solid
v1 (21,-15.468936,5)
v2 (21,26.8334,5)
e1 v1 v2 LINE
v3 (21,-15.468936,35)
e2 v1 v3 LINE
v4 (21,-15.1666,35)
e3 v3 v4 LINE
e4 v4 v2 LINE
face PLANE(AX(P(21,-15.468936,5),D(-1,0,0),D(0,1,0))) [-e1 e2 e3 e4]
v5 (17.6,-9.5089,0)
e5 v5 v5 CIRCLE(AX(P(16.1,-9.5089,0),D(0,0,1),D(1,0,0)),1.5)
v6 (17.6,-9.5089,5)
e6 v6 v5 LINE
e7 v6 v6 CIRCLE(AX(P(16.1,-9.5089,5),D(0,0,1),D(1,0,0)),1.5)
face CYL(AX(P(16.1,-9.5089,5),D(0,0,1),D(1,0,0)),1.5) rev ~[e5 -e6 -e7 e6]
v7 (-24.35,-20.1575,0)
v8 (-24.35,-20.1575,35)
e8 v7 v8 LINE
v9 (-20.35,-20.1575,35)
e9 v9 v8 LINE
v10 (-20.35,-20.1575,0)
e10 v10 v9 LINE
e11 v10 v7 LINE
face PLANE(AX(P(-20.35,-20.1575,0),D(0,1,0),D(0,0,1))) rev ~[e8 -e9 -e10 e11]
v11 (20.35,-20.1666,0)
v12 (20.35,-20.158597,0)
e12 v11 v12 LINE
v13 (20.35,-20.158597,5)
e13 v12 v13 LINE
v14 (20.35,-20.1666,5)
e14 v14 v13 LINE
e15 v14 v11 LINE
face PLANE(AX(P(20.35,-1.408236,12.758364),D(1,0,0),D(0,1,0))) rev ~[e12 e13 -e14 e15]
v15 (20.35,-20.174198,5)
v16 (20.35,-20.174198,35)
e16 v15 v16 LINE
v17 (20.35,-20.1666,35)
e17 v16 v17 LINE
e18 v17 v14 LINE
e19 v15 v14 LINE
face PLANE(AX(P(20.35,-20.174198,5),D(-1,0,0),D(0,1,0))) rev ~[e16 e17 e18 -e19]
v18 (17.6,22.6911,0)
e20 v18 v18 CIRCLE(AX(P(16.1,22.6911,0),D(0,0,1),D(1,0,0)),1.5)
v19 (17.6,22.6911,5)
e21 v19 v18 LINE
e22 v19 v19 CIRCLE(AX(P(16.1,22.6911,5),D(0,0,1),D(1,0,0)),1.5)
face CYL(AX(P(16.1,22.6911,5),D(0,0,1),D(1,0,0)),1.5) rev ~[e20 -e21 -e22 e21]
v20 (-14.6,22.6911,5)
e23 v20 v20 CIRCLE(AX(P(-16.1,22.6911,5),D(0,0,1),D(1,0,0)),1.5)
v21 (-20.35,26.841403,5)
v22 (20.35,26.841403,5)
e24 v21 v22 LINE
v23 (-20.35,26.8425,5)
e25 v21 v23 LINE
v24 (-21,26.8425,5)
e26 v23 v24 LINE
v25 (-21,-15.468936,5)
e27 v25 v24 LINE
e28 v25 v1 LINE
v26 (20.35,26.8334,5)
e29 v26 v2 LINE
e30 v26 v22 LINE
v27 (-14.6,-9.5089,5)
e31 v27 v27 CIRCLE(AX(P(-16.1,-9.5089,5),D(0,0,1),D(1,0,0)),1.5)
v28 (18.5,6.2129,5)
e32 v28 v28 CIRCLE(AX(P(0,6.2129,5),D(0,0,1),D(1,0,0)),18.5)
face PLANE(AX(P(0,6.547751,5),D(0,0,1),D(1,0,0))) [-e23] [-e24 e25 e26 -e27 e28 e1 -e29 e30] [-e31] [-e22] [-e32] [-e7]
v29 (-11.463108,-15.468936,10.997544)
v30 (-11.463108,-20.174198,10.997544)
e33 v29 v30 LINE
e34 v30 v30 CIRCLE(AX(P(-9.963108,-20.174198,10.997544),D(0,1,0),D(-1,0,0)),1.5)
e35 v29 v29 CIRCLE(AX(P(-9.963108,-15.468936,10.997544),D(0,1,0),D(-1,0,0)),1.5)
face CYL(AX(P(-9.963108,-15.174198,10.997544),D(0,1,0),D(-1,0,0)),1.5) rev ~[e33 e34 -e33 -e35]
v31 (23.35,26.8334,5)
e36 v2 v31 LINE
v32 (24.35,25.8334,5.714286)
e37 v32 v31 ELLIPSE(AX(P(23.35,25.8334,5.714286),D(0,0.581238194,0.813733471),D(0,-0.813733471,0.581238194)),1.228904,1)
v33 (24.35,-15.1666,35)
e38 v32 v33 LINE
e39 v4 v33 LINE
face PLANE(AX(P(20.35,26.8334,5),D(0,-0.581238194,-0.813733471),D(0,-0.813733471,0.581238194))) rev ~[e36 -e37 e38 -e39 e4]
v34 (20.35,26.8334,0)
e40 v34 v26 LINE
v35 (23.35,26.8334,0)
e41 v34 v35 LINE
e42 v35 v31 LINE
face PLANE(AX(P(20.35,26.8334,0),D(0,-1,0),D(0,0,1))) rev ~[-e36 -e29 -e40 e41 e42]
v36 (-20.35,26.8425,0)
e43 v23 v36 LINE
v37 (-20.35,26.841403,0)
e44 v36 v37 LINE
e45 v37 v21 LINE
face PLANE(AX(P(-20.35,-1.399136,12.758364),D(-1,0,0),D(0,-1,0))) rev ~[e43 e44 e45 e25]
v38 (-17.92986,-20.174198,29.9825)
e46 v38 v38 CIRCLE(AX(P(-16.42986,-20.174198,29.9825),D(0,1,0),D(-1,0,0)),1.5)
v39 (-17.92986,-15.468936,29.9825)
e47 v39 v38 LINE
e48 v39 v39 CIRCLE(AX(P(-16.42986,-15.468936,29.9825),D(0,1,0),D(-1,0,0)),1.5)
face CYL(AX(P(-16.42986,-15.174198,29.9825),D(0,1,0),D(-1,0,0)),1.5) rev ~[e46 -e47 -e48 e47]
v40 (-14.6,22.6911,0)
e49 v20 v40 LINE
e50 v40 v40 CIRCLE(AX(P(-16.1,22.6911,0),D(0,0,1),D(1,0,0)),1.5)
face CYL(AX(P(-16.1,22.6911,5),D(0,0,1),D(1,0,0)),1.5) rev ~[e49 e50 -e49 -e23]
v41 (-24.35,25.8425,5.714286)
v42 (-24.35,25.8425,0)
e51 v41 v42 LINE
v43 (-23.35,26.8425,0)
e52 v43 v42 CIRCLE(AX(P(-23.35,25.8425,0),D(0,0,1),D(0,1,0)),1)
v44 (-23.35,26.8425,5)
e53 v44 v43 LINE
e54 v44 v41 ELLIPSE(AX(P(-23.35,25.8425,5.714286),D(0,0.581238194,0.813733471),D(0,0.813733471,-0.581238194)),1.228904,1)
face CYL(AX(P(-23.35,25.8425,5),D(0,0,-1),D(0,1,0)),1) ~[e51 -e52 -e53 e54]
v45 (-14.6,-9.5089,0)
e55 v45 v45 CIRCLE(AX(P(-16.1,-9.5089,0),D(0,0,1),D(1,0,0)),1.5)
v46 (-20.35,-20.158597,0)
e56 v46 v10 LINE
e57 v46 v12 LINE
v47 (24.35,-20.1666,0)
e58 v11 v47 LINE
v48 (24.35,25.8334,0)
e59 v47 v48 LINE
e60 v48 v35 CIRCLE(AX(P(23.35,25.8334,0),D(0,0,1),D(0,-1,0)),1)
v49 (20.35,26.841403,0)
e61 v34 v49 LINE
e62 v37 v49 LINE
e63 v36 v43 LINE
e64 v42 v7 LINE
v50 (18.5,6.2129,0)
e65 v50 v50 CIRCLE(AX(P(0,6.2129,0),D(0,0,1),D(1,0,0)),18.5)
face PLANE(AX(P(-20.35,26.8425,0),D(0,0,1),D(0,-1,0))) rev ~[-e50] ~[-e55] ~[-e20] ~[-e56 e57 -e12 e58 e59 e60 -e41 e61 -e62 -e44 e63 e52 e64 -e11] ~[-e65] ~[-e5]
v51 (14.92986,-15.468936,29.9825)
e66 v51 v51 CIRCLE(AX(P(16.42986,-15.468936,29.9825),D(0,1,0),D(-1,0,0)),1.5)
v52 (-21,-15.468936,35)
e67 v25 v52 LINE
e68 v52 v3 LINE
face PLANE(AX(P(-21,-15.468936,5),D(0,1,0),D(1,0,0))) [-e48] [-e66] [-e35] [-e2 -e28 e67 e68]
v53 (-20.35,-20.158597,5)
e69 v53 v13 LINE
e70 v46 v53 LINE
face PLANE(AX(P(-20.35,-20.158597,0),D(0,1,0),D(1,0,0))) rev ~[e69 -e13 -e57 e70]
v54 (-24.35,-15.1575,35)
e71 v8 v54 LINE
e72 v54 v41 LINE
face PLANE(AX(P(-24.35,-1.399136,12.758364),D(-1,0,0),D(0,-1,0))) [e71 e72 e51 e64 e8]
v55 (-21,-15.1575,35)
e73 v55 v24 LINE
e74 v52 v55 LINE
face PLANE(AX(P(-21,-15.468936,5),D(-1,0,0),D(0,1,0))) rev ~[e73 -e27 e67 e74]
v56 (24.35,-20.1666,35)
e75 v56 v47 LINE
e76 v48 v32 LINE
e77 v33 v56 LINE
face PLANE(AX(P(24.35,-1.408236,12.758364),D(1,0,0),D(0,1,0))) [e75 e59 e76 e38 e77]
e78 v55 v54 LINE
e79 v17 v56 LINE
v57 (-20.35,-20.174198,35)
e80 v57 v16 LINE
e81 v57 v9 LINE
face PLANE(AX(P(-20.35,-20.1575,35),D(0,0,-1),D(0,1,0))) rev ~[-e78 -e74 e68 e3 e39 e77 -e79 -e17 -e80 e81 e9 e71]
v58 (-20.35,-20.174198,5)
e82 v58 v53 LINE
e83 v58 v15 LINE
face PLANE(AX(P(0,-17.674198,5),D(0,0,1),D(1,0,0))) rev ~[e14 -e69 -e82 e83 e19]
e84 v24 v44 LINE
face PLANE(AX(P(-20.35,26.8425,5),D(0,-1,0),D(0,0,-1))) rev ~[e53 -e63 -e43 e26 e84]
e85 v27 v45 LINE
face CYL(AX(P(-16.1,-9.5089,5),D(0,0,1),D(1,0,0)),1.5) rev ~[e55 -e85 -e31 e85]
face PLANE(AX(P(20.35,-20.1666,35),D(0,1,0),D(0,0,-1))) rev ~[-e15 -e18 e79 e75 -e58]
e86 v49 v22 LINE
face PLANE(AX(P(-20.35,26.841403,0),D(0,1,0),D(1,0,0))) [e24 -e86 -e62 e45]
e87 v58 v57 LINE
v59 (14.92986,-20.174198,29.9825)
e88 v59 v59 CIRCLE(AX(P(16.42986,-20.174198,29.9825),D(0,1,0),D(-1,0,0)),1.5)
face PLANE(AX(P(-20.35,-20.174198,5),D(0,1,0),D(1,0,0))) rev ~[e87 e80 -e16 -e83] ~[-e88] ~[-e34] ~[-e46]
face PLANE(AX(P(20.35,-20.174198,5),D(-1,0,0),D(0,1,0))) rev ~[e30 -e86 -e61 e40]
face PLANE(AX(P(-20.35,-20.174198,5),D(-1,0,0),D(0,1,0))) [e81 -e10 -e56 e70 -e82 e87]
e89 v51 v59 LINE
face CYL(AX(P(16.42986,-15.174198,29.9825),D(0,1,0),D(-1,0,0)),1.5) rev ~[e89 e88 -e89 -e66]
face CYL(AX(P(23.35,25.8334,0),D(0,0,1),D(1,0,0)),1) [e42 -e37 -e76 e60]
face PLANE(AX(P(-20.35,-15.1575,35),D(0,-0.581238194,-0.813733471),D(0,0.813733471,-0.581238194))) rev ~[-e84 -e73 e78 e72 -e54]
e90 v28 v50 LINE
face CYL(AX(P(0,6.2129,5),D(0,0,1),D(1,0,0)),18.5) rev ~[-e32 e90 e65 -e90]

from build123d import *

# Parameters (mm, degrees)
SKETCH_W        = 40.7
SKETCH_H        = 47
PAD_DEPTH       = 5
SKETCH001_R     = 18.5
POCKET_DEPTH    = 5.001
SKETCH002_R     = 1.5
POCKET001_DEPTH = 5.001
SKETCH003_W     = 40.7
SKETCH003_H     = 5
PAD001_DEPTH    = 30
SKETCH004_R     = 1.5
POCKET002_DEPTH = 5
PAD002_DEPTH    = 4
PAD003_DEPTH    = 4
SKETCH007_W     = 42
SKETCH007_H     = 44.033375
POCKET003_DEPTH = 32
FILLET_R        = 1


with BuildPart() as part:
    # Sketch → Pad (new body)
    with BuildSketch(Plane.XY):
        with Locations((0, 3.341403)):
            Rectangle(SKETCH_W, SKETCH_H)
    extrude(amount=PAD_DEPTH)

    # Sketch001 → Pocket (cut, through all)
    with BuildSketch(Plane.XY.offset(5)):
        with Locations((0, 6.2129)):
            Circle(SKETCH001_R)
    extrude(amount=-POCKET_DEPTH, mode=Mode.SUBTRACT)

    # Sketch002 → Pocket001 (cut, through all)
    with BuildSketch(Plane.XY.offset(5)):
        with Locations((-16.1, 22.6911)):
            Circle(SKETCH002_R)
        with Locations((16.1, 22.6911)):
            Circle(SKETCH002_R)
        with Locations((16.1, -9.5089)):
            Circle(SKETCH002_R)
        with Locations((-16.1, -9.5089)):
            Circle(SKETCH002_R)
    extrude(amount=-POCKET001_DEPTH, mode=Mode.SUBTRACT)

    # Sketch003 → Pad001 (new body)
    with BuildSketch(Plane.XY.offset(5)):
        with Locations((0, -17.674198)):
            Rectangle(SKETCH003_W, SKETCH003_H)
    extrude(amount=PAD001_DEPTH)

    # Sketch004 → Pocket002 (cut)
    with BuildSketch(Plane(origin=(0, -15.174198, 0), x_dir=(-1, 0, 0), z_dir=(0, 1, 0))):
        with Locations((9.963108, 10.997544)):
            Circle(SKETCH004_R)
        with Locations((-16.42986, 29.9825)):
            Circle(SKETCH004_R)
        with Locations((16.42986, 29.9825)):
            Circle(SKETCH004_R)
    extrude(amount=-POCKET002_DEPTH, mode=Mode.SUBTRACT)

    # Sketch005 → Pad002 (new body)
    with BuildSketch(Plane.YZ.offset(20.35)):
        Polygon((-20.1666, 0), (26.8334, 0), (26.8334, 5), (-15.1666, 35), (-20.1666, 35), align=None)
    extrude(amount=PAD002_DEPTH)

    # Sketch006 → Pad003 (new body)
    with BuildSketch(Plane(origin=(-20.35, 0, 0), x_dir=(0, -1, 0), z_dir=(-1, 0, 0))):
        Polygon((-26.8425, 0), (20.1575, 0), (20.1575, 35), (15.1575, 35), (-26.8425, 5), align=None)
    extrude(amount=PAD003_DEPTH)

    # Sketch007 → Pocket003 (cut)
    with BuildSketch(Plane.XY.offset(5)):
        with Locations((0, 6.547751)):
            Rectangle(SKETCH007_W, SKETCH007_H)
    extrude(amount=POCKET003_DEPTH, mode=Mode.SUBTRACT)

    # Fillet
    fillet_edges = [part.edges().sort_by_distance(p)[0] for p in [
        (-24.35, 26.8425, 2.5),
        (24.35, 26.8334, 2.5),
    ]]
    fillet(fillet_edges, radius=FILLET_R)


solid = part.part
